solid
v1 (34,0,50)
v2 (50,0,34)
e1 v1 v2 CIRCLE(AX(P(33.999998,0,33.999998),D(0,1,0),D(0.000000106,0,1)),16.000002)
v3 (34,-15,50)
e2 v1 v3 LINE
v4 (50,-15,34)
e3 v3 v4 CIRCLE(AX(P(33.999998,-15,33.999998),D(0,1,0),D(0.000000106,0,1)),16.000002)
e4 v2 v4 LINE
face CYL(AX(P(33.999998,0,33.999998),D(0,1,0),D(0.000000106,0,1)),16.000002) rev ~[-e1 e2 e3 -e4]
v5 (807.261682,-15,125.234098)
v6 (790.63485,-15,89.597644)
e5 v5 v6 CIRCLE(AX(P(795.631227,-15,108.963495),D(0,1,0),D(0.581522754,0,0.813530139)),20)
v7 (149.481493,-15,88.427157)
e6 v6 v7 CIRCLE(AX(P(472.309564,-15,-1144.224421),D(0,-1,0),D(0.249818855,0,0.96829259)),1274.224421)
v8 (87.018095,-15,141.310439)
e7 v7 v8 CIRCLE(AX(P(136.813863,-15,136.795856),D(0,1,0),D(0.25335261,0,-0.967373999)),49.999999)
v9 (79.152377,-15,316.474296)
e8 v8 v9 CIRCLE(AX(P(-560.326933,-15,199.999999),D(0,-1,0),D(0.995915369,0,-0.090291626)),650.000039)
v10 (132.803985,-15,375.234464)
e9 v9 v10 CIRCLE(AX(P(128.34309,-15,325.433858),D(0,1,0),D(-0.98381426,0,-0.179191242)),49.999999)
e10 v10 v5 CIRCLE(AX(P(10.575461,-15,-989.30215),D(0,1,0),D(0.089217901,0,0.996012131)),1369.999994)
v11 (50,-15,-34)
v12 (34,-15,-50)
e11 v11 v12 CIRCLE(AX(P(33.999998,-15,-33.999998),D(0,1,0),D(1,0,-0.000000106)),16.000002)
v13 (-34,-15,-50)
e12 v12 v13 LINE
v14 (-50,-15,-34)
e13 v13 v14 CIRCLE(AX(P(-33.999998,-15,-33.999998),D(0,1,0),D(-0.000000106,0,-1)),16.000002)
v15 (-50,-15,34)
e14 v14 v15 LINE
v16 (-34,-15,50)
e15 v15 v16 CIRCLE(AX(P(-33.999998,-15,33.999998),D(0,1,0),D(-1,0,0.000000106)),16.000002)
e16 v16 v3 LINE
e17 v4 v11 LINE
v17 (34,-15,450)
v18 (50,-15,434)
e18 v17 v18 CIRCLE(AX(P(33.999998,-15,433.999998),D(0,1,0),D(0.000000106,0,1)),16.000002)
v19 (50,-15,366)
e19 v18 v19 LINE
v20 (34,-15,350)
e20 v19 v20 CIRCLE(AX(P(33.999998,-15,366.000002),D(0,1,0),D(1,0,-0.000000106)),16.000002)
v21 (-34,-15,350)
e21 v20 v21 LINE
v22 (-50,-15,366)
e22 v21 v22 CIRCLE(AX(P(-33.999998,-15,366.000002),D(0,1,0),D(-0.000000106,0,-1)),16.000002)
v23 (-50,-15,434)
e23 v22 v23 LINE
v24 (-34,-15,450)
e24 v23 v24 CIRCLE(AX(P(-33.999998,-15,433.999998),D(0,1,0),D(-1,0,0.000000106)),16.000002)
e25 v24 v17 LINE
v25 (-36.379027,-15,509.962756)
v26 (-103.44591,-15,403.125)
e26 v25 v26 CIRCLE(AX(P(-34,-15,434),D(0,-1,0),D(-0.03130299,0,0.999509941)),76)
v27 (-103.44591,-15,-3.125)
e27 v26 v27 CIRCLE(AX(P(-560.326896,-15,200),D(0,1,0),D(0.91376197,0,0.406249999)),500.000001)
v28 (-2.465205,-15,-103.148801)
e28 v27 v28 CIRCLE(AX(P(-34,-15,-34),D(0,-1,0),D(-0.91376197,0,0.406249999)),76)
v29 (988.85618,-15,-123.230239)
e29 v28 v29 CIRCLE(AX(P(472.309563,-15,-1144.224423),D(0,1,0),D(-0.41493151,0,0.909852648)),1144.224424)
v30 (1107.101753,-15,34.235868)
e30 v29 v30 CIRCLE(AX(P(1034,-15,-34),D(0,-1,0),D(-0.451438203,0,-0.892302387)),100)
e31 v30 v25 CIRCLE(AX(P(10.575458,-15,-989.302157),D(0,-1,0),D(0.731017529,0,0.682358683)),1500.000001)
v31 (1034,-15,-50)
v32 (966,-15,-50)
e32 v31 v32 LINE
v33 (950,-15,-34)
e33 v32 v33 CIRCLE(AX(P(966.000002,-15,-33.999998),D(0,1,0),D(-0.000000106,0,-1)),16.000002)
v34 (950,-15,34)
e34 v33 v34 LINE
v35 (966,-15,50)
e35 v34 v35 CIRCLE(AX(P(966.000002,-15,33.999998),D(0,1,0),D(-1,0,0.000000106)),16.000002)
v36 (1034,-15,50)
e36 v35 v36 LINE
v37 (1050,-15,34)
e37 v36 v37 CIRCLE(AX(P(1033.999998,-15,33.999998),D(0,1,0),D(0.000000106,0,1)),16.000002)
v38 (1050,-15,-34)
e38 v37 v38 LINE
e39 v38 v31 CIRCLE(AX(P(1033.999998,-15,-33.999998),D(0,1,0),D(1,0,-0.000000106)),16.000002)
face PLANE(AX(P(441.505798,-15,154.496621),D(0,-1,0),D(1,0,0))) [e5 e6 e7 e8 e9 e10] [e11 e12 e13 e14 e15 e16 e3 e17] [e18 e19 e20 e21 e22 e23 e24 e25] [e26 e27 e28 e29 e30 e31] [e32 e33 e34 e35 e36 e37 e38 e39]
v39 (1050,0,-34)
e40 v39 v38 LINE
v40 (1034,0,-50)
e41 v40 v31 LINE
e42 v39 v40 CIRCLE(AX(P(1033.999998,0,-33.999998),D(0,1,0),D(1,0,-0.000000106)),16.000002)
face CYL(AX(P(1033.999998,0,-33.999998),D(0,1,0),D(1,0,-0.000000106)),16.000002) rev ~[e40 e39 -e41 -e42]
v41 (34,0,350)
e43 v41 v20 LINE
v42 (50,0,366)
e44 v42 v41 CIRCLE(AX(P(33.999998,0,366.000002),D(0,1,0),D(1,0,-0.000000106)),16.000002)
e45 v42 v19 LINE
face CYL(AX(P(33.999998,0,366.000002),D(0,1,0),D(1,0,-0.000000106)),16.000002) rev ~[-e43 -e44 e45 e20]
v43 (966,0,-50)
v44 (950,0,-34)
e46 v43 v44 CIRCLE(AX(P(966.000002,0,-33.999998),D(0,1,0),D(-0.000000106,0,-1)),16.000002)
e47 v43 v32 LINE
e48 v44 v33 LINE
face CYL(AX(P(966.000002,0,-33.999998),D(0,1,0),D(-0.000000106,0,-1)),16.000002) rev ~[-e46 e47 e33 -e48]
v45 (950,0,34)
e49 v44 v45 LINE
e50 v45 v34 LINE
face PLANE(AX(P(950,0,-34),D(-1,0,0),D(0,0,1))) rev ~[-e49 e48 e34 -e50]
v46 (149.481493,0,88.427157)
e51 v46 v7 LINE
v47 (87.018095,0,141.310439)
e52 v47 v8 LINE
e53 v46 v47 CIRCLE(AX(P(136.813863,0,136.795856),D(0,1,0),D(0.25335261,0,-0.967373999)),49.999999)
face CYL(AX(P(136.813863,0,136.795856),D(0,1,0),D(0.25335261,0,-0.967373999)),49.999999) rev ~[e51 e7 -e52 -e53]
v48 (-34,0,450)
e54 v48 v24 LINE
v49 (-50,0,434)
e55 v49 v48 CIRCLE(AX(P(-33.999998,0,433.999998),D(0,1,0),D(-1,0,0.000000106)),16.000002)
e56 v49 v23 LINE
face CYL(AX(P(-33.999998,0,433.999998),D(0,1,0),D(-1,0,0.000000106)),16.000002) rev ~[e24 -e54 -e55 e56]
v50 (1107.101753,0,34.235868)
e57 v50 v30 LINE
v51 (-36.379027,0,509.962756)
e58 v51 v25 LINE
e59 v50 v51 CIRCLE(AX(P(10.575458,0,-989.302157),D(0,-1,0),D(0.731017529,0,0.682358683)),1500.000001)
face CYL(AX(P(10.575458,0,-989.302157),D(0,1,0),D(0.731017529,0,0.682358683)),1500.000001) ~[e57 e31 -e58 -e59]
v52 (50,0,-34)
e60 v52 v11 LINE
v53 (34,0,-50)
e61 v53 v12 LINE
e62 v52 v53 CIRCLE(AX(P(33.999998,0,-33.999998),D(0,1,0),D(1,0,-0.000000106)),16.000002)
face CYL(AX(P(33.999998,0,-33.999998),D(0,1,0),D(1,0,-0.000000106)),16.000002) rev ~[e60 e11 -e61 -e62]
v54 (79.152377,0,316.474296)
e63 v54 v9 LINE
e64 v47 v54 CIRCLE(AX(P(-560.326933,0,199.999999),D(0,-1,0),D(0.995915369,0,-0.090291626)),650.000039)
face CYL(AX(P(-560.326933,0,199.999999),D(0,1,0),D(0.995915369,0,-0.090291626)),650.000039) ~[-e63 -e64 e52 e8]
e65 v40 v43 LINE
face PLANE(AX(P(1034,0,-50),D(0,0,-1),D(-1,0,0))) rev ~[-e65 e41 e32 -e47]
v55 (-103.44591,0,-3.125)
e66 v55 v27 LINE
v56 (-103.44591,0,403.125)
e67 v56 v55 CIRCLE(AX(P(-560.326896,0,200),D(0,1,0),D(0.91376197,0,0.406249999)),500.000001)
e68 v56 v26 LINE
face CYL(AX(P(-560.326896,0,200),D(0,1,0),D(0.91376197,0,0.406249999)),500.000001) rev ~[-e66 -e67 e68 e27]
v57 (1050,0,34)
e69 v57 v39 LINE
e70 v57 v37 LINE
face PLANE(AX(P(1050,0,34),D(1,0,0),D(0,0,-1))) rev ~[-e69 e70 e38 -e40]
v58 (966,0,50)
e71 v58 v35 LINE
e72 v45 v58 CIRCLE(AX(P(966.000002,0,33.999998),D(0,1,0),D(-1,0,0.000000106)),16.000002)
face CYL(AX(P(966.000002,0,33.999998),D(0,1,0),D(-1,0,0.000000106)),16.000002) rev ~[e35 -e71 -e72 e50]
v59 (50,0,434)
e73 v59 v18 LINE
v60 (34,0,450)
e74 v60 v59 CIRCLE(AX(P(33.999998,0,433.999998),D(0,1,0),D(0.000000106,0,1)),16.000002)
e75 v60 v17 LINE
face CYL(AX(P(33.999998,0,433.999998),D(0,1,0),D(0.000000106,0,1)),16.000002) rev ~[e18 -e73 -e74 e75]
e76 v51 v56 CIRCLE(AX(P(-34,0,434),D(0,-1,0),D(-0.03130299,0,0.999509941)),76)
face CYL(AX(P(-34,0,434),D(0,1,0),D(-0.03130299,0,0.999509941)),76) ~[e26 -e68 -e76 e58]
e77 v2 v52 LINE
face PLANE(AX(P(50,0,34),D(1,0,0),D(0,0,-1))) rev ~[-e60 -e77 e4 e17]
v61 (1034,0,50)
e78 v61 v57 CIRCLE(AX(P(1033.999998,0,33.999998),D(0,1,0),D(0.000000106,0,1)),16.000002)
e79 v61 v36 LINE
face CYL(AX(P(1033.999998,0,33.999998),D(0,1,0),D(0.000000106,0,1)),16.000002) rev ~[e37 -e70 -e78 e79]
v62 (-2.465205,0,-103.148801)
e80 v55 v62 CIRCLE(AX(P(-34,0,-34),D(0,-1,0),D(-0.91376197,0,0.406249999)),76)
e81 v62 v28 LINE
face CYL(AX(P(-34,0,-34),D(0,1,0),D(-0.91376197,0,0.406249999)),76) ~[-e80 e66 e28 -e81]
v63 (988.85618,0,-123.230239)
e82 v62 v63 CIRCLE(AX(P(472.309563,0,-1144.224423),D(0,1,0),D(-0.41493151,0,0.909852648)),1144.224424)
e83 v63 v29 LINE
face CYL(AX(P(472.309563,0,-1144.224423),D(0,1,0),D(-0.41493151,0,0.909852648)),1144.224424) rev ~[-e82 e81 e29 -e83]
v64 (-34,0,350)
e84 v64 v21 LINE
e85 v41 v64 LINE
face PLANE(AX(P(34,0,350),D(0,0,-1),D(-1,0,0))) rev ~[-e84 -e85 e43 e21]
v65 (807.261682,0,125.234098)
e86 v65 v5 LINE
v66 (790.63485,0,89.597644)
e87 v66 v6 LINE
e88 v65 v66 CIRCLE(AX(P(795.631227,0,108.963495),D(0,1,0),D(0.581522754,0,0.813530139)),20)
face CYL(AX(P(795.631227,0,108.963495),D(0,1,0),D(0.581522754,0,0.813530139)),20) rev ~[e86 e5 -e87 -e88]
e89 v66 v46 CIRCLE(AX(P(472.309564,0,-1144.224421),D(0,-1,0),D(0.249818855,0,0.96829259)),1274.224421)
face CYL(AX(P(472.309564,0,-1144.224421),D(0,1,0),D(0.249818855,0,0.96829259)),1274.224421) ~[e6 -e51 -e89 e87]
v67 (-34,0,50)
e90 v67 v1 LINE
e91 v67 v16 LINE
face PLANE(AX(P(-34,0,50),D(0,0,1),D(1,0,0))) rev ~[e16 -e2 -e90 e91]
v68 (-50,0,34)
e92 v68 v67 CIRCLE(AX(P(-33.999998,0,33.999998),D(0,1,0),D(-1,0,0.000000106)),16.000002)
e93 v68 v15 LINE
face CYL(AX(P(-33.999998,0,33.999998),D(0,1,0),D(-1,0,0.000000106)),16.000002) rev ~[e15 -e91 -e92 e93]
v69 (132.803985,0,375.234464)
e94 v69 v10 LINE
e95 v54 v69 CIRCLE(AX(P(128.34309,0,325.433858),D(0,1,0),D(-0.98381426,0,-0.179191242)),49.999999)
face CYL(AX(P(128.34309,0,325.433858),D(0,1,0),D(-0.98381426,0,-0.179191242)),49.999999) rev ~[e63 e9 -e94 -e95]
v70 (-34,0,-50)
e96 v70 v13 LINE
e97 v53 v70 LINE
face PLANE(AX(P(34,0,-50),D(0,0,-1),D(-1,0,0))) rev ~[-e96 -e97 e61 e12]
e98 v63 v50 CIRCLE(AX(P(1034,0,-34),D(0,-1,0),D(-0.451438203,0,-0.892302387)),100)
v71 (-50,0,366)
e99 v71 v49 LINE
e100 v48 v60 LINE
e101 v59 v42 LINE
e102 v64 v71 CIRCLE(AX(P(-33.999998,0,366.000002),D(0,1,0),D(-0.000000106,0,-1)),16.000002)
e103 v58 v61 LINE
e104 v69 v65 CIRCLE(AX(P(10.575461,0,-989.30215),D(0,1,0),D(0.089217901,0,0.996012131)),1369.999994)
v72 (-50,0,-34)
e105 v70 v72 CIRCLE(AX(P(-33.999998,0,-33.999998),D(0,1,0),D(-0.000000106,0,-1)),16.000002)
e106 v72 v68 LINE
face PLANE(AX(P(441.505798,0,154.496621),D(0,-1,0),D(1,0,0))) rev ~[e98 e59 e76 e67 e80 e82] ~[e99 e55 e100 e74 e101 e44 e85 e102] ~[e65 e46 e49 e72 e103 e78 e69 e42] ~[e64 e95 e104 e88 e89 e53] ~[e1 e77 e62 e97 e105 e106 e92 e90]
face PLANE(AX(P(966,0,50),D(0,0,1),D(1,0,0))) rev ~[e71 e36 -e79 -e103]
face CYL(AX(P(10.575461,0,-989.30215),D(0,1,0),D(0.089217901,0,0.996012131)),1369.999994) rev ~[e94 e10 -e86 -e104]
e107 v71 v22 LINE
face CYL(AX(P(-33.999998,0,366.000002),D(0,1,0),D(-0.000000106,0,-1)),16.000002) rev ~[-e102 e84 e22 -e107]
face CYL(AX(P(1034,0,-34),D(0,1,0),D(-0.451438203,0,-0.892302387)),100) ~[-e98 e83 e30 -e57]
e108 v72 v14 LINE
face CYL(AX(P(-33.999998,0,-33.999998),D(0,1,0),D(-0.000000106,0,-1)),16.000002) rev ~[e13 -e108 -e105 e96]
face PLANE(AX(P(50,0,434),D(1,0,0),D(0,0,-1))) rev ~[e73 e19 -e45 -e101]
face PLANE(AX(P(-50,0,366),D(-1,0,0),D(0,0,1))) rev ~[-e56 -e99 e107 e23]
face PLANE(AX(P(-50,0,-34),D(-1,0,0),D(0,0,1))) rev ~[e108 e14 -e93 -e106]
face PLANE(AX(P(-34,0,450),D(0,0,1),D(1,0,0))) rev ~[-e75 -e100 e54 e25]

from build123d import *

# Parameters (mm, degrees)
F1_DEPTH = 15


with BuildPart() as f1:
    # F0 (on Front) → F1 (new body)
    with BuildSketch(Plane.XZ):
        with BuildLine():
            ThreePointArc((1107.101753, 34.235868), (586.751875, 395.624101), (-36.379027, 509.962756))
            ThreePointArc((-36.379027, 509.962756), (-98.36833, 474.406907), (-103.44591, 403.125))
            ThreePointArc((-103.44591, 403.125), (-60.326895, 200), (-103.44591, -3.125))
            ThreePointArc((-103.44591, -3.125), (-87.483674, -87.995339), (-2.465205, -103.148801))
            ThreePointArc((-2.465205, -103.148801), (495.483641, -0.234697), (988.85618, -123.230239))
            ThreePointArc((988.85618, -123.230239), (1113.9644, -94.047438), (1107.101753, 34.235868))
        make_face()
        with BuildLine():
            ThreePointArc((50, -34), (45.313708, -45.313708), (34, -50))
            Line((34, -50), (-34, -50))
            ThreePointArc((-34, -50), (-45.313708, -45.313708), (-50, -34))
            Line((-50, -34), (-50, 34))
            ThreePointArc((-50, 34), (-45.313708, 45.313708), (-34, 50))
            Line((-34, 50), (34, 50))
            ThreePointArc((34, 50), (45.313708, 45.313708), (50, 34))
            Line((50, 34), (50, -34))
        make_face(mode=Mode.SUBTRACT)
        with BuildLine():
            Line((1050, 34), (1050, -34))
            ThreePointArc((1050, -34), (1045.313708, -45.313708), (1034, -50))
            Line((1034, -50), (966, -50))
            ThreePointArc((966, -50), (954.686292, -45.313708), (950, -34))
            Line((950, -34), (950, 34))
            ThreePointArc((950, 34), (954.686292, 45.313708), (966, 50))
            Line((966, 50), (1034, 50))
            ThreePointArc((1034, 50), (1045.313708, 45.313708), (1050, 34))
        make_face(mode=Mode.SUBTRACT)
        with BuildLine():
            ThreePointArc((149.481493, 88.427157), (104.506201, 98.635472), (87.018095, 141.310439))
            ThreePointArc((87.018095, 141.310439), (89.018748, 229.158811), (79.152377, 316.474296))
            ThreePointArc((79.152377, 316.474296), (91.419134, 359.147675), (132.803985, 375.234464))
            ThreePointArc((132.803985, 375.234464), (486.733127, 295.288781), (807.261682, 125.234098))
            ThreePointArc((807.261682, 125.234098), (813.755574, 100.507253), (790.63485, 89.597644))
            ThreePointArc((790.63485, 89.597644), (469.983348, 129.997877), (149.481493, 88.427157))
        make_face(mode=Mode.SUBTRACT)
        with BuildLine():
            ThreePointArc((-34, 350), (-45.313708, 354.686292), (-50, 366))
            Line((-50, 366), (-50, 434))
            ThreePointArc((-50, 434), (-45.313708, 445.313708), (-34, 450))
            Line((-34, 450), (34, 450))
            ThreePointArc((34, 450), (45.313708, 445.313708), (50, 434))
            Line((50, 434), (50, 366))
            ThreePointArc((50, 366), (45.313708, 354.686292), (34, 350))
            Line((34, 350), (-34, 350))
        make_face(mode=Mode.SUBTRACT)
    extrude(amount=F1_DEPTH)


solid = f1.part
